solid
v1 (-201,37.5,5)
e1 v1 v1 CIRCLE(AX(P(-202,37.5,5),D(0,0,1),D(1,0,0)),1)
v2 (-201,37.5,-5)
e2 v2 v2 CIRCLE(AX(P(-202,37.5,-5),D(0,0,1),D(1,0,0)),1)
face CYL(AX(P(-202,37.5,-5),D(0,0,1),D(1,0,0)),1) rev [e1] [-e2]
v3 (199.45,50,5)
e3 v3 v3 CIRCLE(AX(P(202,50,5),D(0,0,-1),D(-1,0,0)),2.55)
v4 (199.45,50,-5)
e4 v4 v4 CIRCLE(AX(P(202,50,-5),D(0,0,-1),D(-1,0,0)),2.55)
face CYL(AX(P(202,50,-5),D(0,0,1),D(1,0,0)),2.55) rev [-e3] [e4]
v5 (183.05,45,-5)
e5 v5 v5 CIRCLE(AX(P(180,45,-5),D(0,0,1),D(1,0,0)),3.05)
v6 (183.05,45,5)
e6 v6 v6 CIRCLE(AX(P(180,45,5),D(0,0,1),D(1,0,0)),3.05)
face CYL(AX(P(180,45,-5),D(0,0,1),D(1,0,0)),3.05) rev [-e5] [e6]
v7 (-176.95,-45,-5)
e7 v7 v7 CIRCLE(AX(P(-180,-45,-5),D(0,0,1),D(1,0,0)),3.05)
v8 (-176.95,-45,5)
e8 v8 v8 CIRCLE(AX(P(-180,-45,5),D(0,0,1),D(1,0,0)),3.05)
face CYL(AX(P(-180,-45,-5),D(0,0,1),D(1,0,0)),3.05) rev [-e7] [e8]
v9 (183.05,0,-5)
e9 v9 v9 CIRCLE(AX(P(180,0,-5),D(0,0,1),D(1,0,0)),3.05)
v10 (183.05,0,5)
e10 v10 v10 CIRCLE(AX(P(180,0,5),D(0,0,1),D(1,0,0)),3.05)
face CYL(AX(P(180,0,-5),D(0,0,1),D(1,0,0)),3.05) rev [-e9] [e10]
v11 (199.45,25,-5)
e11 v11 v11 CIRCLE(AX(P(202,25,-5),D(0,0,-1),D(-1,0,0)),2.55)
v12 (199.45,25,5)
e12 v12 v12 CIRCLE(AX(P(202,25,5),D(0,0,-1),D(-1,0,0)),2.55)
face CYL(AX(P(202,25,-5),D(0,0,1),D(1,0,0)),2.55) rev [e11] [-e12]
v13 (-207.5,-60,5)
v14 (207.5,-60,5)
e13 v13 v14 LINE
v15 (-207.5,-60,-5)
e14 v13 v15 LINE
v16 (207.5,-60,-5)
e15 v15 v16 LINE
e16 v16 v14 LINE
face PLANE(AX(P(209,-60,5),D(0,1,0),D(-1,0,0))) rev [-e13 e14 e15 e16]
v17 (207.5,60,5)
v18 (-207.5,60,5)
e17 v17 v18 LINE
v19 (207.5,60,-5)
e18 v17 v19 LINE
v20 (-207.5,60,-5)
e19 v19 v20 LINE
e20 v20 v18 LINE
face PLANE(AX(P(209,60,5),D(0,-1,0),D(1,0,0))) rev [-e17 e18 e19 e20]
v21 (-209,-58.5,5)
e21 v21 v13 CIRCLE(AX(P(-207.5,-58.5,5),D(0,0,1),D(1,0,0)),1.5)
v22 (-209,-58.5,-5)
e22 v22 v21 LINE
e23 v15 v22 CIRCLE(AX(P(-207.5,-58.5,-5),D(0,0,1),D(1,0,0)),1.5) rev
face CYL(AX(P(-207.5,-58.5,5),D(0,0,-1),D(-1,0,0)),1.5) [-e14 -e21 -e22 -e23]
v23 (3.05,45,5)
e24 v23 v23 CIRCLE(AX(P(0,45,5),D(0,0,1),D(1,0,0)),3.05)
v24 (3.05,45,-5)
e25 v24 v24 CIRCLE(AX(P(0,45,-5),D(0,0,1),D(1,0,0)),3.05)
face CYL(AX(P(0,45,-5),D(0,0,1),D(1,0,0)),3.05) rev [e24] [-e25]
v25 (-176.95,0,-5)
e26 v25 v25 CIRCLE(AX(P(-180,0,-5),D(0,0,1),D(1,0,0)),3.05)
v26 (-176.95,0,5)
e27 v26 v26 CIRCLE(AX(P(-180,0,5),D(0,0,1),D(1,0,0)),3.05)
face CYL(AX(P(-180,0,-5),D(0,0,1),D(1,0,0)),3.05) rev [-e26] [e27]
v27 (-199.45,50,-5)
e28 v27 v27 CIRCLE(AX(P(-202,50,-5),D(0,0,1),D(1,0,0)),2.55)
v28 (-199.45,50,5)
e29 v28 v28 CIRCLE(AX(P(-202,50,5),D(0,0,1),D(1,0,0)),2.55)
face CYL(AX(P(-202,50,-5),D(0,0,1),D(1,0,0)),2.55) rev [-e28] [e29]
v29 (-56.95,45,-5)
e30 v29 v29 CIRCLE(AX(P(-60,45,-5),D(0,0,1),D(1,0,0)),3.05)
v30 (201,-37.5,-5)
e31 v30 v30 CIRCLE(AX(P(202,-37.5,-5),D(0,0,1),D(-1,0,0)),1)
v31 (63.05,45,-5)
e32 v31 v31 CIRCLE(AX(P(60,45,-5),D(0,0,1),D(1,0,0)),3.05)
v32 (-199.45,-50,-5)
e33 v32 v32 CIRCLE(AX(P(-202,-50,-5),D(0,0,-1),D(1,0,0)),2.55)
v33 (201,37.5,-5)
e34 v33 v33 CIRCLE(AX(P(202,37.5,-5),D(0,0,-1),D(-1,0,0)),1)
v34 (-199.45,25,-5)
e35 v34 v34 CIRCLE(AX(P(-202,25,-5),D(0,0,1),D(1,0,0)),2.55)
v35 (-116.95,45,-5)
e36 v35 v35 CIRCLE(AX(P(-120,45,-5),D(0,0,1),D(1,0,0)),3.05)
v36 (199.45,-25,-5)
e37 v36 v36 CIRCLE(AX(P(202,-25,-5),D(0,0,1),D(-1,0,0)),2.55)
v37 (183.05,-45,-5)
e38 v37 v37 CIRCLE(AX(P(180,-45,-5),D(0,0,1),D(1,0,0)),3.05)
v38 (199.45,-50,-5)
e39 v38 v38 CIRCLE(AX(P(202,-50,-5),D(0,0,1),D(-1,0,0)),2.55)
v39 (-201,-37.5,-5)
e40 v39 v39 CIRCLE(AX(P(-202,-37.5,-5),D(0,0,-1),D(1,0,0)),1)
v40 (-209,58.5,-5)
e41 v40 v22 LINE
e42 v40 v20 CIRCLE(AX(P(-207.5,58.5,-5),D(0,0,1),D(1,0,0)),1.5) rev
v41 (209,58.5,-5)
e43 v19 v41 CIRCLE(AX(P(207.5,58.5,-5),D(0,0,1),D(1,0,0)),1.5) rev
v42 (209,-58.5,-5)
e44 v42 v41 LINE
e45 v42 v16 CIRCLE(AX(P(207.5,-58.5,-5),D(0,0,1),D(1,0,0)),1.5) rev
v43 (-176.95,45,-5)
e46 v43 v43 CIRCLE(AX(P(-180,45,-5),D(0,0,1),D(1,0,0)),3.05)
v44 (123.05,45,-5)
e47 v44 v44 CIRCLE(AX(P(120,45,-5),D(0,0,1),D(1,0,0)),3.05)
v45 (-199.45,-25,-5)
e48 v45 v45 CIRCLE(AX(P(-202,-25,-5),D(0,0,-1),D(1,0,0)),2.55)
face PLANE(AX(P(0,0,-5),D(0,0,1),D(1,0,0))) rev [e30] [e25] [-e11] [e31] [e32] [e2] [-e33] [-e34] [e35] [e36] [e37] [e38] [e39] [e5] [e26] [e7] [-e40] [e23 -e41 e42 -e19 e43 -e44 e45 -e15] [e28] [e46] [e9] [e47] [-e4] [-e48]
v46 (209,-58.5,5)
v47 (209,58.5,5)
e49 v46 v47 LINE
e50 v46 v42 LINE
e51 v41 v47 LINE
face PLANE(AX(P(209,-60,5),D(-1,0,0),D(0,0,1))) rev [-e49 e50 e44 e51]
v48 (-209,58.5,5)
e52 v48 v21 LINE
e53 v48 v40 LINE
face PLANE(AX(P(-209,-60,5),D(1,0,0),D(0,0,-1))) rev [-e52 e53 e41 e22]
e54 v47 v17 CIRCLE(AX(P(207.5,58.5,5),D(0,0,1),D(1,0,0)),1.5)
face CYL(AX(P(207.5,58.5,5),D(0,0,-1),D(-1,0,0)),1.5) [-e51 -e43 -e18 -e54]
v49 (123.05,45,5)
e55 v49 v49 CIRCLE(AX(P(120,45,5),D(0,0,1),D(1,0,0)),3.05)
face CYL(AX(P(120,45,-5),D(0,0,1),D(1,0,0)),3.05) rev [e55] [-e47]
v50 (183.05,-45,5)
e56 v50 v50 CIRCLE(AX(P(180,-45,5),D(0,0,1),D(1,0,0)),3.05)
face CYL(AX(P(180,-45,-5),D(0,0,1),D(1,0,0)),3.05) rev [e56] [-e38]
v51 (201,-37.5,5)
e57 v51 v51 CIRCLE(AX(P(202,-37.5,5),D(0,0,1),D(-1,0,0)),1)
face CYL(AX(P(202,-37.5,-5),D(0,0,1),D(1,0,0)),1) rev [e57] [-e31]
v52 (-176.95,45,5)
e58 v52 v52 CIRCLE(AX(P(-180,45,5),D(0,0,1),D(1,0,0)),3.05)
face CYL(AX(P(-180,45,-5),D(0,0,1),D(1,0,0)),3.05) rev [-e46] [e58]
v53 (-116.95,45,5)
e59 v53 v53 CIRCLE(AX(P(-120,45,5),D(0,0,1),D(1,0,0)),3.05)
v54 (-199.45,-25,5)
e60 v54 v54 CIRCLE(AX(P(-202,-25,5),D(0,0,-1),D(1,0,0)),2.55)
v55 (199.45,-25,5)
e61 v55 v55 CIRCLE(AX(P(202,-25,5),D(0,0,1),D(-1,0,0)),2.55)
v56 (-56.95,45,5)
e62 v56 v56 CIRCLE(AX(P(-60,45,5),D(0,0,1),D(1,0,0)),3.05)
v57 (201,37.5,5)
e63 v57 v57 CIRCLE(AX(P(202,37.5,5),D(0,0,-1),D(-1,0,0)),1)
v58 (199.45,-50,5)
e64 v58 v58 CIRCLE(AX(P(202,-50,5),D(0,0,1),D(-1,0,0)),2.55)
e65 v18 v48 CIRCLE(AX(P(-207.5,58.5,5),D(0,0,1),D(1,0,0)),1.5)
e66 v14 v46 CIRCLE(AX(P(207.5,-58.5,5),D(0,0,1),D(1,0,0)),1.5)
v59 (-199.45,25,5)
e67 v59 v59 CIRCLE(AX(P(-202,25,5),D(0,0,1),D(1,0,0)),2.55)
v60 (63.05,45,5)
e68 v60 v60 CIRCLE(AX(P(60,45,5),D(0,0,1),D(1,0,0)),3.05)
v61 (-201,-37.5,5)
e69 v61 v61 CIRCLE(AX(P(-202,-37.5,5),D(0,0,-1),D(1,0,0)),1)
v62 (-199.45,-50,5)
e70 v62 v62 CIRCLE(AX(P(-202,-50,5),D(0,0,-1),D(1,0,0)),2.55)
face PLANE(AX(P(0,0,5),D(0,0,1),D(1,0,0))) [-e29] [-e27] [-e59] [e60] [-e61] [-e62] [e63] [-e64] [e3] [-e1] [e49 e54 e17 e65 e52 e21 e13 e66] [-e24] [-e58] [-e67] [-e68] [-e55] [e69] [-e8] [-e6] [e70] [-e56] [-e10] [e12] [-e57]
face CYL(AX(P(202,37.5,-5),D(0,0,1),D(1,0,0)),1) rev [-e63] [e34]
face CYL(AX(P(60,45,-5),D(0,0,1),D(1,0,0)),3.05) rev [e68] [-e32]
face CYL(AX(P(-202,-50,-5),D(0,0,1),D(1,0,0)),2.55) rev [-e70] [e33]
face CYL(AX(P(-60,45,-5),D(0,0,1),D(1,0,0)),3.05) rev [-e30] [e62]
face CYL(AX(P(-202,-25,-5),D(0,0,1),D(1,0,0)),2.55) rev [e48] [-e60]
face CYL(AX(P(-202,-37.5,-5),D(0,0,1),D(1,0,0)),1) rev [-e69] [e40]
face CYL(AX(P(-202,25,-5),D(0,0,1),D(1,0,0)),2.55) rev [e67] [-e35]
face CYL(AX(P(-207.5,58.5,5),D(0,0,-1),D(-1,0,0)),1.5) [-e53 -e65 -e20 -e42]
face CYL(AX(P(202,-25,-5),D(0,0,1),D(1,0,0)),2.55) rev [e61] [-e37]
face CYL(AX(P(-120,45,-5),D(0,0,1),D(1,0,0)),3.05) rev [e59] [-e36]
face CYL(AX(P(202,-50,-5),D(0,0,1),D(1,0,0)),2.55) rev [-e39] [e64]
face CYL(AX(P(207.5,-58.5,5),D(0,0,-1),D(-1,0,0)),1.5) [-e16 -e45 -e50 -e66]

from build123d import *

# Parameters (mm, degrees)
SKETCH1_W                 = 418
SKETCH1_H                 = 120
BOSS_EXTRUDE1_DEPTH       = 5
SKETCH3_R                 = 3.05
CUT_EXTRUDE2_DEPTH        = 11
FILLET1_R                 = 1.5
SKETCH4_R                 = 2.55
SKETCH4_R_2               = 1
CUT_EXTRUDE3_DEPTH        = 11
MIRROR2_COPY_1_SKETCH_R   = 2.55
MIRROR2_COPY_1_SKETCH_R_2 = 1
MIRROR2_COPY_1_DEPTH      = 11


with BuildPart() as part:
    # Sketch1 → Boss-Extrude1 (new body, symmetric)
    with BuildSketch(Plane.XY):
        Rectangle(SKETCH1_W, SKETCH1_H)
    extrude(amount=BOSS_EXTRUDE1_DEPTH, both=True)

    # Sketch3 → Cut-Extrude2 (cut, through all)
    with BuildSketch(Plane.XY.offset(5)):
        with Locations((-180, 45)):
            Circle(SKETCH3_R)
        with Locations((180, 45)):
            Circle(SKETCH3_R)
        with Locations((180, -45)):
            Circle(SKETCH3_R)
        with Locations((-180, -45)):
            Circle(SKETCH3_R)
        with Locations((0, 45)):
            Circle(SKETCH3_R)
        with Locations((-120, 45)):
            Circle(SKETCH3_R)
        with Locations((120, 45)):
            Circle(SKETCH3_R)
        with Locations((-180, 0)):
            Circle(SKETCH3_R)
        with Locations((-60, 45)):
            Circle(SKETCH3_R)
        with Locations((60, 45)):
            Circle(SKETCH3_R)
        with Locations((180, 0)):
            Circle(SKETCH3_R)
    extrude(amount=-CUT_EXTRUDE2_DEPTH, mode=Mode.SUBTRACT)

    # Fillet1
    fillet1_edges = [part.edges().sort_by_distance(p)[0] for p in [
        (-209, 60, 0),
        (209, 60, 0),
        (209, -60, 0),
        (-209, -60, 0),
    ]]
    fillet(fillet1_edges, radius=FILLET1_R)

    # Sketch4 → Cut-Extrude3 (cut, through all)
    with BuildSketch(Plane.XY.offset(5)):
        with Locations((-202, 50)):
            Circle(SKETCH4_R)
        with Locations((-202, 37.5)):
            Circle(SKETCH4_R_2)
        with Locations((-202, 25)):
            Circle(SKETCH4_R)
    cut_extrude3 = extrude(amount=-CUT_EXTRUDE3_DEPTH, mode=Mode.SUBTRACT)

    # Mirror1: Cut-Extrude3 across plane
    add(cut_extrude3.mirror(Plane.ZX), mode=Mode.SUBTRACT)

    # Mirror2: Cut-Extrude3 across plane
    add(cut_extrude3.mirror(Plane(origin=(0, 0, 0), x_dir=(0, 0, 1), z_dir=(1, 0, 0))), mode=Mode.SUBTRACT)

    # Mirror2 copy 1 sketch → Mirror2 copy 1 (cut, through all)
    with BuildSketch(Plane(origin=(0, 0, 5), x_dir=(-1, 0, 0), z_dir=(0, 0, 1))):
        with Locations((-202, 50)):
            Circle(MIRROR2_COPY_1_SKETCH_R)
        with Locations((-202, 37.5)):
            Circle(MIRROR2_COPY_1_SKETCH_R_2)
        with Locations((-202, 25)):
            Circle(MIRROR2_COPY_1_SKETCH_R)
    extrude(amount=-MIRROR2_COPY_1_DEPTH, mode=Mode.SUBTRACT)


solid = part.part
